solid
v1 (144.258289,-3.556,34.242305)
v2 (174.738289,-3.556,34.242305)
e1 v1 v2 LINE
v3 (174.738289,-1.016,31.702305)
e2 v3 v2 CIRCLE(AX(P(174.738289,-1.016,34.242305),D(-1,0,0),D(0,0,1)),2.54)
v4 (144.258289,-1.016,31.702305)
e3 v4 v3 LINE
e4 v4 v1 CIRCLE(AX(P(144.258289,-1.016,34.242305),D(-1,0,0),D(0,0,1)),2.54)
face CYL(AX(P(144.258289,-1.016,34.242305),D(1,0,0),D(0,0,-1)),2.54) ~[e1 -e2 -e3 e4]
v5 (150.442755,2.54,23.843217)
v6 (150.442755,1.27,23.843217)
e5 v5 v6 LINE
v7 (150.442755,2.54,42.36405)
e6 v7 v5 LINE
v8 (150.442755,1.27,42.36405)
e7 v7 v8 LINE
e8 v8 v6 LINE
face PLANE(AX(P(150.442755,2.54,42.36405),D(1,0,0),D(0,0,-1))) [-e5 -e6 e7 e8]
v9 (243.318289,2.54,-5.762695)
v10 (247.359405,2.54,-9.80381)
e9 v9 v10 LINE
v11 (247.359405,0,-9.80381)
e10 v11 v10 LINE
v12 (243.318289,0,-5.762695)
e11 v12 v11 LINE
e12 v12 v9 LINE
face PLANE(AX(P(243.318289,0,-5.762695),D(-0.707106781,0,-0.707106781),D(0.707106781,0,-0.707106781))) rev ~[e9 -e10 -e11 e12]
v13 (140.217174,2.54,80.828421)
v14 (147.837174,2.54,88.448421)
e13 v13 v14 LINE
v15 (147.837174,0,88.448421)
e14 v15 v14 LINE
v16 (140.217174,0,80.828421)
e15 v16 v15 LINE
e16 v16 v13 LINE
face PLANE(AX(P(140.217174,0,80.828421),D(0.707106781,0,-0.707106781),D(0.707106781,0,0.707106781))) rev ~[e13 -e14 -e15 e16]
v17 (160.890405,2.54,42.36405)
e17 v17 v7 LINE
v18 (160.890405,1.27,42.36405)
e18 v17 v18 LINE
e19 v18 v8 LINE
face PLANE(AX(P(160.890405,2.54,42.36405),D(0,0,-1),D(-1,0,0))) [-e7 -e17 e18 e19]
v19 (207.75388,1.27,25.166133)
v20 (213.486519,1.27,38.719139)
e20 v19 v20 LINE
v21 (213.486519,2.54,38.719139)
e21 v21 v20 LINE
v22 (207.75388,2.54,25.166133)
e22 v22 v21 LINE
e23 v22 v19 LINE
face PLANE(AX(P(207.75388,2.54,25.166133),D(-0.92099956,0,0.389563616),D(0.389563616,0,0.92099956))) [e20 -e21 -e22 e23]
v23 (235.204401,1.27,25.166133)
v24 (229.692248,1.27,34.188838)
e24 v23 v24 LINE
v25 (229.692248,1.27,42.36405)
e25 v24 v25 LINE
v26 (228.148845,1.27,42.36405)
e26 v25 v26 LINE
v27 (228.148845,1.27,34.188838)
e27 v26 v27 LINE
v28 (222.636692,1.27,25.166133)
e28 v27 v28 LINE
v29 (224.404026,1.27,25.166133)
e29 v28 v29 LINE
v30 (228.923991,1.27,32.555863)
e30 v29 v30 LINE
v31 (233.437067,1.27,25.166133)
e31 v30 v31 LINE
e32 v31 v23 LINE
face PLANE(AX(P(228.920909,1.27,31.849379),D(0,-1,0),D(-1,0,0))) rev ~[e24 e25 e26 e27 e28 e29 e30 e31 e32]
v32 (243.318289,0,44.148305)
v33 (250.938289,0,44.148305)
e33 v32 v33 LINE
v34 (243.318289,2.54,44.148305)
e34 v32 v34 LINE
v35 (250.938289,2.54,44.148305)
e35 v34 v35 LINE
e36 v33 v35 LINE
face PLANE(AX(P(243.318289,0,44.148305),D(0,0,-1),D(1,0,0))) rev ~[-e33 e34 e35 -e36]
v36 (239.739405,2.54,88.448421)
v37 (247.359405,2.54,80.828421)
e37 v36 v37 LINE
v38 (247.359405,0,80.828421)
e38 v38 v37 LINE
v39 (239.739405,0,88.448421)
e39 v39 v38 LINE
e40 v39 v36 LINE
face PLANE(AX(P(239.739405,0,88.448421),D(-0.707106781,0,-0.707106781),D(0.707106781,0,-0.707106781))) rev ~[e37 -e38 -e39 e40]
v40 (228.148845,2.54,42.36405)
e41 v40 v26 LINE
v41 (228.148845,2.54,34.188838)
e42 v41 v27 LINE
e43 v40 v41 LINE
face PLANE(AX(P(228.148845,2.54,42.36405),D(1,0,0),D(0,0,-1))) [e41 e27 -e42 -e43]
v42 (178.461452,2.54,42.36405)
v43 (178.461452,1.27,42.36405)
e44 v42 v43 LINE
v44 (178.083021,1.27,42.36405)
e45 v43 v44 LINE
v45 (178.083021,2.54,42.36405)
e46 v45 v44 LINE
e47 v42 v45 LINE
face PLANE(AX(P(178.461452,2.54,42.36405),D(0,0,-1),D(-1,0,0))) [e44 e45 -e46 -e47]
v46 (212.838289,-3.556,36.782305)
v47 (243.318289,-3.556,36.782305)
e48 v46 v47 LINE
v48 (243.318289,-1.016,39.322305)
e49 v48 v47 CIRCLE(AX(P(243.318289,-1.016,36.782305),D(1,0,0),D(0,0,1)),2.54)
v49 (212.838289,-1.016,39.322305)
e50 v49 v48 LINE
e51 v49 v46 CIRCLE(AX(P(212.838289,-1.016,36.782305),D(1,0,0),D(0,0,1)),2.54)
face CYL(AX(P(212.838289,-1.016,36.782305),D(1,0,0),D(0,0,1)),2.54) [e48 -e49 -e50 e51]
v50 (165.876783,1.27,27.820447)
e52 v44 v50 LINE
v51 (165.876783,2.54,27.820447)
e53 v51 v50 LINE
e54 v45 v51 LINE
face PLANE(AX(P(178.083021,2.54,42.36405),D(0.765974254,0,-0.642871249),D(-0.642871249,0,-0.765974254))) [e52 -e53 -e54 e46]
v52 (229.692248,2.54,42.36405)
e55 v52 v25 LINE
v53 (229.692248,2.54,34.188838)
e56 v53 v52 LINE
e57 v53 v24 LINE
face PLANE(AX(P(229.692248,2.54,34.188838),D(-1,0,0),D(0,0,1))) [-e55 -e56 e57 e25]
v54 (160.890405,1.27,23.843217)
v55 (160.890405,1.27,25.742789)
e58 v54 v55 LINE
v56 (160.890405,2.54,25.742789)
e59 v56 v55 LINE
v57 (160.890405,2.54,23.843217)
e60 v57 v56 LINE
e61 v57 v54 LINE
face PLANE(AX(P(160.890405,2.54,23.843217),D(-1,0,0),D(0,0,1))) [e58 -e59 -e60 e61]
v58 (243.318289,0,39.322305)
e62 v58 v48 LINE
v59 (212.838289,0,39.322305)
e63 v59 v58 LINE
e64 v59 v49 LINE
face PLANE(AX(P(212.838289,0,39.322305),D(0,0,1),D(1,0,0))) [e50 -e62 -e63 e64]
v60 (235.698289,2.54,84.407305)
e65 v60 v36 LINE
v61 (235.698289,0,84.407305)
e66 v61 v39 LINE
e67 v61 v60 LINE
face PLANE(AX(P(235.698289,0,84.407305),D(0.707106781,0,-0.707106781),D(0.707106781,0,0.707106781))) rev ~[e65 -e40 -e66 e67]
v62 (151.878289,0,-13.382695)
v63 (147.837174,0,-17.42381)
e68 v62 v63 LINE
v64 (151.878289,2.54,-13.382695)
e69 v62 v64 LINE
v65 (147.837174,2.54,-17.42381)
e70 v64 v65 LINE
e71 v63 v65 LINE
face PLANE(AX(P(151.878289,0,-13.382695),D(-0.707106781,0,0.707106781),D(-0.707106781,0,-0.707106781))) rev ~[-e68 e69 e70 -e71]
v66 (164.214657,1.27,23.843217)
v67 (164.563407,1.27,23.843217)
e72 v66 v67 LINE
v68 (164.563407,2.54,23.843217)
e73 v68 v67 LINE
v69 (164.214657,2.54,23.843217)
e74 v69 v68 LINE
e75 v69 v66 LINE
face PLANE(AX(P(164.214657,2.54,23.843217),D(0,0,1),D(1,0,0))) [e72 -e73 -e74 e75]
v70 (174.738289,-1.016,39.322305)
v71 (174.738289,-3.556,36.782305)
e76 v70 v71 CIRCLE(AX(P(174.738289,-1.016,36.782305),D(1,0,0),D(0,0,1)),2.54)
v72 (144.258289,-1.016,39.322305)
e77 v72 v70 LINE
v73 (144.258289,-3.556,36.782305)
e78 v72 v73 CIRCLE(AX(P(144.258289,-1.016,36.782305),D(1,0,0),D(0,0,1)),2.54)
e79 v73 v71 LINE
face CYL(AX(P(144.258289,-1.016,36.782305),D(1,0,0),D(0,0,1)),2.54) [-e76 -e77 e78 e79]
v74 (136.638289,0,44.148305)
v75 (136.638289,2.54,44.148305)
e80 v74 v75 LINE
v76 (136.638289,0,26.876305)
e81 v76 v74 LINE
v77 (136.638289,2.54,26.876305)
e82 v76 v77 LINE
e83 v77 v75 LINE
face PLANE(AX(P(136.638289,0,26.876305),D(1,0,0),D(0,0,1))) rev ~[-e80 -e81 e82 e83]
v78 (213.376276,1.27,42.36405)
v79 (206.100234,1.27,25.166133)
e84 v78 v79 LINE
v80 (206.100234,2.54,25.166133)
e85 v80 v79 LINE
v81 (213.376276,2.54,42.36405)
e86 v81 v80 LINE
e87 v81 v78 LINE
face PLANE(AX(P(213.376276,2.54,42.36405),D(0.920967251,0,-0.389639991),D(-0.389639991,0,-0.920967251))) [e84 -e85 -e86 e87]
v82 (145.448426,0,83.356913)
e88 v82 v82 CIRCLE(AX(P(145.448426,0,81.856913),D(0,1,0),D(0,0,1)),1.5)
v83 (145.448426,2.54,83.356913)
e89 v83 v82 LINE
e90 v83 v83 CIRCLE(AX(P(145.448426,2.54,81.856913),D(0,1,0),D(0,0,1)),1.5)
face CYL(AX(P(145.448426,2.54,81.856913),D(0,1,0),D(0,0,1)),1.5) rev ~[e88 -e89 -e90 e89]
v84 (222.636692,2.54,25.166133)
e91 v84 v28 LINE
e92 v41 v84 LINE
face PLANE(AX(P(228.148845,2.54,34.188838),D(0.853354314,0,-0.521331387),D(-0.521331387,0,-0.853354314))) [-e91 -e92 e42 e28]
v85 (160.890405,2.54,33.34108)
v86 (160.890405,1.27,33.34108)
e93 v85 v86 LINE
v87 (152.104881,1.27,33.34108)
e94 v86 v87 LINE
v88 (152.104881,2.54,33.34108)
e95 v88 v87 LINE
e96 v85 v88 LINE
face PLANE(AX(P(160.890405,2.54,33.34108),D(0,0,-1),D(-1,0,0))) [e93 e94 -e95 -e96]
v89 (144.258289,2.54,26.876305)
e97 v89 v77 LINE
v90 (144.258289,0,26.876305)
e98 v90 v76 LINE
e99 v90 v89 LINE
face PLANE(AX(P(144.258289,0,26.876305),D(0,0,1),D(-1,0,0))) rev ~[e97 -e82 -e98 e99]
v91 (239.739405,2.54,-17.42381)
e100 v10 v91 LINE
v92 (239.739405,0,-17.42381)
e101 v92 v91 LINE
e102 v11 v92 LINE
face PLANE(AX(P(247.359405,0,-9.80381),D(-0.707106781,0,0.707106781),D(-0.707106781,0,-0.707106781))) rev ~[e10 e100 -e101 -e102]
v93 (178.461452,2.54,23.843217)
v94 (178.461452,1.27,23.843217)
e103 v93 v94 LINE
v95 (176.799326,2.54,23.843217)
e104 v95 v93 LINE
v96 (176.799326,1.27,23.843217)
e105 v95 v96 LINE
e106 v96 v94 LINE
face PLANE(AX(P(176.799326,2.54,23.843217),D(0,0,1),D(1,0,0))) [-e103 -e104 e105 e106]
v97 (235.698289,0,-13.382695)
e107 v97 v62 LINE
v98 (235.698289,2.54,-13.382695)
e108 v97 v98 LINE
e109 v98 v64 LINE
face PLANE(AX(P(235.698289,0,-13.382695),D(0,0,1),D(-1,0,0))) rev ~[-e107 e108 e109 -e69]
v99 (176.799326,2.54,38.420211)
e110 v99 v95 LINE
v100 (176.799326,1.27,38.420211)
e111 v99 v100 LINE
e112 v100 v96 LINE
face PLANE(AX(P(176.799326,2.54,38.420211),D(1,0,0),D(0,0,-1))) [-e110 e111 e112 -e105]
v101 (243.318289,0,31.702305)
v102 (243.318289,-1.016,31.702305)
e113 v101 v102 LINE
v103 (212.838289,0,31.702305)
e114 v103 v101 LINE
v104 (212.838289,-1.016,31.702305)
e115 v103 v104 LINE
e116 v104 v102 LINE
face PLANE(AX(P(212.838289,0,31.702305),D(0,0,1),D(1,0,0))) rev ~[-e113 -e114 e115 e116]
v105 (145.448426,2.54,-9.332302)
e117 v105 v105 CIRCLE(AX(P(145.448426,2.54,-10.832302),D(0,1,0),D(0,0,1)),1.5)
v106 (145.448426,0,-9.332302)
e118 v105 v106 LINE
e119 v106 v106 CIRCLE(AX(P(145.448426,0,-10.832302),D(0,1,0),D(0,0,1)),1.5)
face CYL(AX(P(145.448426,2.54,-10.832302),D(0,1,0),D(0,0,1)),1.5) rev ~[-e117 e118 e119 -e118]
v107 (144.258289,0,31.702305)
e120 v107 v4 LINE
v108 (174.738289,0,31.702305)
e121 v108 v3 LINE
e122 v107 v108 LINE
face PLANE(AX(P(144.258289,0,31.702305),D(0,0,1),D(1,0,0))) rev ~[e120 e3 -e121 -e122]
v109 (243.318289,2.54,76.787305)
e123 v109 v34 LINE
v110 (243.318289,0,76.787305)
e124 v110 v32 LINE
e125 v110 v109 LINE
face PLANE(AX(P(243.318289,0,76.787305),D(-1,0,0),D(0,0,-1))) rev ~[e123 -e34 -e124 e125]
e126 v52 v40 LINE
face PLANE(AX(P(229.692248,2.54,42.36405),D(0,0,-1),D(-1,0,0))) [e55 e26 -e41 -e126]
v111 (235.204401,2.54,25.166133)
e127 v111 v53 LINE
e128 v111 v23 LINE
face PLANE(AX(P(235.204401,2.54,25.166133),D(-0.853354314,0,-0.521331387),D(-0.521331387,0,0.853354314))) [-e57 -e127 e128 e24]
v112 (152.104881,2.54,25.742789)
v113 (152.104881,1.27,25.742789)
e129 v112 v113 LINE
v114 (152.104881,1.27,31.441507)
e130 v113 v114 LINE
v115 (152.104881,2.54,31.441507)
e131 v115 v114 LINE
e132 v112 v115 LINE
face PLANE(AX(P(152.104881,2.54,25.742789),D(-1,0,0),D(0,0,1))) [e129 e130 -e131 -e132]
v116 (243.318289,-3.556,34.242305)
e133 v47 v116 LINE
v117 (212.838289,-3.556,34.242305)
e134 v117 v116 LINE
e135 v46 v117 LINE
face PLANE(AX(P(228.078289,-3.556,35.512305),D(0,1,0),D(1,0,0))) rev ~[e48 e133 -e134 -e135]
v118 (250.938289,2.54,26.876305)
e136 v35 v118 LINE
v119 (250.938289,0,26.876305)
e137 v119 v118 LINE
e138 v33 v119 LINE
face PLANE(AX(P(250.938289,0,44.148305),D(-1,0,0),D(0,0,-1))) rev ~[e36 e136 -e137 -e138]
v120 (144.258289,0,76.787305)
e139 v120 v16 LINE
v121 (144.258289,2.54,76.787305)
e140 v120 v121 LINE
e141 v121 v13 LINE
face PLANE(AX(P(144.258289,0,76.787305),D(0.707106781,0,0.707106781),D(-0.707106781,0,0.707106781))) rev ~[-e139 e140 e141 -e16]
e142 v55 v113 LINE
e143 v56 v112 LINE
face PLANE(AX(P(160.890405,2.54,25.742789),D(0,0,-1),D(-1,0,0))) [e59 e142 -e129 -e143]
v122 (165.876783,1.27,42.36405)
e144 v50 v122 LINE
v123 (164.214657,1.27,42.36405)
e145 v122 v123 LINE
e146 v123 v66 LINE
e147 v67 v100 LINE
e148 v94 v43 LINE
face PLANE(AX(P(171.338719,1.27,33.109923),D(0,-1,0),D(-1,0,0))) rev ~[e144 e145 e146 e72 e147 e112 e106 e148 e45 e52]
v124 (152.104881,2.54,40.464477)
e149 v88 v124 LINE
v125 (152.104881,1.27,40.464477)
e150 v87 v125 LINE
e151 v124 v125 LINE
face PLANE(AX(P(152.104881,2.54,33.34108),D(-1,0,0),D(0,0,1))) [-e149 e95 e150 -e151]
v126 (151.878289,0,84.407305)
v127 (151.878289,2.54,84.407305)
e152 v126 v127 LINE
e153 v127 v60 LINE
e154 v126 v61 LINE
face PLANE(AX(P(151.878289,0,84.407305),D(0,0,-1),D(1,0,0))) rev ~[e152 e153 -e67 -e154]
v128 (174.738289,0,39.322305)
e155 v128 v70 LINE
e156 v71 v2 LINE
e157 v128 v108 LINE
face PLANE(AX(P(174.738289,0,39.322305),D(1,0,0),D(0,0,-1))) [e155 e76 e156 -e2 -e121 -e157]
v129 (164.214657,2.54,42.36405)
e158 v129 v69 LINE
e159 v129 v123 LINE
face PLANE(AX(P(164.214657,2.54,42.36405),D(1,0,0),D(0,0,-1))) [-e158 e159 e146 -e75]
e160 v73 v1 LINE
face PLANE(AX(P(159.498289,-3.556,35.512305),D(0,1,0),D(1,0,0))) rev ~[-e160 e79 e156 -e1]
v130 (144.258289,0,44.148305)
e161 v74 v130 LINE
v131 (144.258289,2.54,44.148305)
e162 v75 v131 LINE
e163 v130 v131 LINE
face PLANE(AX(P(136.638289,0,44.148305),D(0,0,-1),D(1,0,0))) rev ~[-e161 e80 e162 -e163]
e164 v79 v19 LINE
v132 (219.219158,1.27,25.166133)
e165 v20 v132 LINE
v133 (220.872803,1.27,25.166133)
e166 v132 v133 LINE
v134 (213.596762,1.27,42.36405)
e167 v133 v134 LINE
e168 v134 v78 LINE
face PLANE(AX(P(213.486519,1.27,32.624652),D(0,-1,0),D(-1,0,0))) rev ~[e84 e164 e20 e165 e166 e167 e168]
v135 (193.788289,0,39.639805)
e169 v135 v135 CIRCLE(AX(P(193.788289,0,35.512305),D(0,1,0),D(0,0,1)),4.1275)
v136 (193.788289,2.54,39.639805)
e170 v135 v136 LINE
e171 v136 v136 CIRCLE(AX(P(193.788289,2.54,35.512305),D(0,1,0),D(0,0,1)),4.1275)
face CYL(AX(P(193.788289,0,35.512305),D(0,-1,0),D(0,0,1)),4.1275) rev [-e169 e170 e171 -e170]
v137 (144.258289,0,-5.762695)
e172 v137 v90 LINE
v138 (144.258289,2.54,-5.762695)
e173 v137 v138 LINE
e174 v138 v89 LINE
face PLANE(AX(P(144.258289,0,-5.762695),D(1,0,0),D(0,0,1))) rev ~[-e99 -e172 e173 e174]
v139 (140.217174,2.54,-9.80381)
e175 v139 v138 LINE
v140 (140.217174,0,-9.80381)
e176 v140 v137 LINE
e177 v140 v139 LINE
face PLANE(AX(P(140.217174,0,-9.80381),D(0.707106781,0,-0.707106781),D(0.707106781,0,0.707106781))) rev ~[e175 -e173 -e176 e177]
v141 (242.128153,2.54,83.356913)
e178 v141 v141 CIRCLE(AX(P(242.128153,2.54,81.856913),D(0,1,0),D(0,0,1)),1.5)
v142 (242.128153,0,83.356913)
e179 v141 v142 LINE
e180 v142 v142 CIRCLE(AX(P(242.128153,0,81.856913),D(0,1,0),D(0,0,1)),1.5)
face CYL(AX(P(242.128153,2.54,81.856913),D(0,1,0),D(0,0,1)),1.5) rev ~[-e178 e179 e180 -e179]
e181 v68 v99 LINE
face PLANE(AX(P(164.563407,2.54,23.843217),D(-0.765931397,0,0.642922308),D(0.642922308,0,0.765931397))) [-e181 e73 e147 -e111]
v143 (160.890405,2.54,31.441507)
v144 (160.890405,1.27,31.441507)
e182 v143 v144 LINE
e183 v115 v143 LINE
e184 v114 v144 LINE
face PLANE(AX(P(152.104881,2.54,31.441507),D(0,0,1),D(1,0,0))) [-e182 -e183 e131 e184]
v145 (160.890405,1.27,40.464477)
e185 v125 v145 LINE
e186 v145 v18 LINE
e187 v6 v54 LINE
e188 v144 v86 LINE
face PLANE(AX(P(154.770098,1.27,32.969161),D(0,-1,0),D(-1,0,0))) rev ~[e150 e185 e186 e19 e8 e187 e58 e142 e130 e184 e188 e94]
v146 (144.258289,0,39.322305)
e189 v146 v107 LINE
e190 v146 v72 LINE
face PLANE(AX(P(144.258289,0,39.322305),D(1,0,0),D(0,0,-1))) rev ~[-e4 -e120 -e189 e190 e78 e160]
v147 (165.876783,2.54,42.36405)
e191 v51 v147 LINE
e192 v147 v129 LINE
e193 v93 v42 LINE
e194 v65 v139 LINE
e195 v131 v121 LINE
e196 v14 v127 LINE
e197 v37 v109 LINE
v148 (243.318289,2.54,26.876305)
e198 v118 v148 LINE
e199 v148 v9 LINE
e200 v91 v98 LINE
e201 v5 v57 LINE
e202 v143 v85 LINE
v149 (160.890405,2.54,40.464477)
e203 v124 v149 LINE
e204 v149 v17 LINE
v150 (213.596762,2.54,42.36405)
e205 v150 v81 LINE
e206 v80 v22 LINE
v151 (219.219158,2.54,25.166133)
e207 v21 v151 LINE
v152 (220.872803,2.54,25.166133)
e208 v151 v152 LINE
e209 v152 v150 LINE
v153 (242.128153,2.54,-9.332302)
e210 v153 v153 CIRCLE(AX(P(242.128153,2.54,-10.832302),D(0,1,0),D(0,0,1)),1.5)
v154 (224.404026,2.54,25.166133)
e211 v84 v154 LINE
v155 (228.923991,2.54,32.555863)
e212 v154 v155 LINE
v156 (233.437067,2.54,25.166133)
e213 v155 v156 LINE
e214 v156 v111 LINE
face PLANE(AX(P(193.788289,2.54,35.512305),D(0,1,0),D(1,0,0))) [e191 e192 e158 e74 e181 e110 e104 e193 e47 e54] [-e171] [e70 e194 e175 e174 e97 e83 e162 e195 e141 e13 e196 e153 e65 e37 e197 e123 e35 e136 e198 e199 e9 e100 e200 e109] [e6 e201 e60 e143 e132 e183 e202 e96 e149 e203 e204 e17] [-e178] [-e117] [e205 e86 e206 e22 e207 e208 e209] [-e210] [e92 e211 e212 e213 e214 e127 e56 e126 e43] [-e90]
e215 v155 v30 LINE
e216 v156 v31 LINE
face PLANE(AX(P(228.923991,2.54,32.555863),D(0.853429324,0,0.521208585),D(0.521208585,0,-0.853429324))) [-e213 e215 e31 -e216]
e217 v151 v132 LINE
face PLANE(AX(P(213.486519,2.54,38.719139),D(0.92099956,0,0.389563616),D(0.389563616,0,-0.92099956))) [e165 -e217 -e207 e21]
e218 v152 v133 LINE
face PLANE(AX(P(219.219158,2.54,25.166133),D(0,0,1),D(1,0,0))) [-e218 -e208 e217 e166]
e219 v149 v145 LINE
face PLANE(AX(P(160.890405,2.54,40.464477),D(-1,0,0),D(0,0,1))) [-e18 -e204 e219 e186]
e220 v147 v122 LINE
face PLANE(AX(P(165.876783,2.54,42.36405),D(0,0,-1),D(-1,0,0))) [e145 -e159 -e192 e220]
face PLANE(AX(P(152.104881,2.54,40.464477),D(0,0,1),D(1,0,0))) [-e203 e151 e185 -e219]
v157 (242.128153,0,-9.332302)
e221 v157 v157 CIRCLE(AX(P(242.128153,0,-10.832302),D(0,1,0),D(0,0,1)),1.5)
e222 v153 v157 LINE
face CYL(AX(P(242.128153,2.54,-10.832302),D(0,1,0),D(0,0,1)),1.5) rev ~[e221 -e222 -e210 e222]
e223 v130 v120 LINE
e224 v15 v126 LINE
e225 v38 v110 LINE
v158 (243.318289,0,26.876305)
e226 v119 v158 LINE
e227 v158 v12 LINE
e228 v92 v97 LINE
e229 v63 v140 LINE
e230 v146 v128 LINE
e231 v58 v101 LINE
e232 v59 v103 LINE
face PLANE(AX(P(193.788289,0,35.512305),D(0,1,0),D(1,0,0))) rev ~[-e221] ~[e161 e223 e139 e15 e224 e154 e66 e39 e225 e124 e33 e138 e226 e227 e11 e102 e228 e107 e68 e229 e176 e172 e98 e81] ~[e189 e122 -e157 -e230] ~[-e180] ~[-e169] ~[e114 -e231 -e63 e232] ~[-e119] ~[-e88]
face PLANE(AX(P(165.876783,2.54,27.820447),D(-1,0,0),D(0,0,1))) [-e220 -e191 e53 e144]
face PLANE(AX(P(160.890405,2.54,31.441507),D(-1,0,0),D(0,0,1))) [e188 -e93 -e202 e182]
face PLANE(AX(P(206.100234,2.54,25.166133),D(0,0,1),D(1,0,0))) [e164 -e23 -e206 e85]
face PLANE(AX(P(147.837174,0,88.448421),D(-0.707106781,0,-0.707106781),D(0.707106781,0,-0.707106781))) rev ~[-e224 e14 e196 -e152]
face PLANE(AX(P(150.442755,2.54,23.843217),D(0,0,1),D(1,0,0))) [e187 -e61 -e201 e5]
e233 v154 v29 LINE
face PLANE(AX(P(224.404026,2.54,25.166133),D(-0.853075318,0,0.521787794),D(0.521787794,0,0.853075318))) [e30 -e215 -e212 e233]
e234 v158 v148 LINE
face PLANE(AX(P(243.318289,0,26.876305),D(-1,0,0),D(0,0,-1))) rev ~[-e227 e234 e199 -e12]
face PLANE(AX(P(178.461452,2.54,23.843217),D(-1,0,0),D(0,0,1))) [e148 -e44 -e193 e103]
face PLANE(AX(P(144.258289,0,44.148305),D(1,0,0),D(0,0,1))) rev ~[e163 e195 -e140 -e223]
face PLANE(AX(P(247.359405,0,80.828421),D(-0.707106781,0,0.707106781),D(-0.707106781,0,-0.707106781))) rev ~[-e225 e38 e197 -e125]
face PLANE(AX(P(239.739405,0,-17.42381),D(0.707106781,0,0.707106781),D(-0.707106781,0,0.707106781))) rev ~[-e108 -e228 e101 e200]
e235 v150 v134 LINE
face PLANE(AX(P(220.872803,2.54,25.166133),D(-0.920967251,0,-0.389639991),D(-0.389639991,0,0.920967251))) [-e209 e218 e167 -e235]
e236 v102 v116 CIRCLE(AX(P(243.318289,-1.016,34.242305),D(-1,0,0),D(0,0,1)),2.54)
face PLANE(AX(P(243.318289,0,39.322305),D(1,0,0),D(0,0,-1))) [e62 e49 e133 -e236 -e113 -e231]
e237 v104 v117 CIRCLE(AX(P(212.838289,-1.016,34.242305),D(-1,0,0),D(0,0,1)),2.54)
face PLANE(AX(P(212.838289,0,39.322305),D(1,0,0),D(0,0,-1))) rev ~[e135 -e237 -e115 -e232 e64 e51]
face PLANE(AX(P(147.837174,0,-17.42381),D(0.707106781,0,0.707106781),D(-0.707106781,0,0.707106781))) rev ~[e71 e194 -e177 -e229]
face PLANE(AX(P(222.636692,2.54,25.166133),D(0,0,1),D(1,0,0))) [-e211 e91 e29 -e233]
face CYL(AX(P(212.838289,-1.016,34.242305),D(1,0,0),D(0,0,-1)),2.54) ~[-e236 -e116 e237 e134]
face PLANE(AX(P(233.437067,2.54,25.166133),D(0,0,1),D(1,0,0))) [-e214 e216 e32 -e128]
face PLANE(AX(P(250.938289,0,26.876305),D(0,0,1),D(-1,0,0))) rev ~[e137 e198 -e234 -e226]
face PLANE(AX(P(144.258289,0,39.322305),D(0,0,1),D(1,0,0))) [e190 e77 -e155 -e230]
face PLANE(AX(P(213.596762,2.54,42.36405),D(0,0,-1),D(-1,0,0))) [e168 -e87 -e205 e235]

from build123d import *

# Parameters (mm, degrees)
SKETCH1_R           = 4.1275
BOSS_EXTRUDE1_DEPTH = 2.54
SKETCH2_R           = 1.5
CUT_EXTRUDE1_DEPTH  = 267.081941915
CUT_EXTRUDE2_DEPTH  = 1.27
SKETCH1_5_W         = 30.48
SKETCH1_5_H         = 7.62
BOSS_EXTRUDE2_DEPTH = 3.556
FILLET1_R           = 2.54


with BuildPart() as part:
    # Sketch1 → Boss-Extrude1 (new body)
    with BuildSketch(Plane(origin=(0, 0, 0), x_dir=(1, 0, 0), z_dir=(0, 1, 0))):
        Polygon((239.739404703, 17.423809937), (235.698289449, 13.382694682), (151.878289449, 13.382694682), (147.837174194, 17.423809937), (140.217174194, 9.803809937), (144.258289449, 5.762694682), (144.258289449, -26.876305318), (136.638289449, -26.876305318), (136.638289449, -44.148305318), (144.258289449, -44.148305318), (144.258289449, -76.787305318), (140.217174194, -80.828420572), (147.837174194, -88.448420572), (151.878289449, -84.407305318), (235.698289449, -84.407305318), (239.739404703, -88.448420572), (247.359404703, -80.828420572), (243.318289449, -76.787305318), (243.318289449, -44.148305318), (250.938289449, -44.148305318), (250.938289449, -26.876305318), (243.318289449, -26.876305318), (243.318289449, 5.762694682), (247.359404703, 9.803809937), align=None)
        with Locations((193.788289449, -35.512305318)):
            Circle(SKETCH1_R, mode=Mode.SUBTRACT)
    extrude(amount=BOSS_EXTRUDE1_DEPTH)

    # Sketch2 → Cut-Extrude1 (cut, through all)
    with BuildSketch(Plane(origin=(0, 2.54, 0), x_dir=(1, 0, 0), z_dir=(0, 1, 0))):
        with Locations((145.448426066, 10.832301944)):
            Circle(SKETCH2_R)
        with Locations((242.128152831, 10.832301944)):
            Circle(SKETCH2_R)
        with Locations((242.128152831, -81.856912579)):
            Circle(SKETCH2_R)
        with Locations((145.448426066, -81.856912579)):
            Circle(SKETCH2_R)
    extrude(amount=-CUT_EXTRUDE1_DEPTH, mode=Mode.SUBTRACT)

    # Sketch3 → Cut-Extrude2 (cut)
    with BuildSketch(Plane(origin=(0, 2.54, 0), x_dir=(1, 0, 0), z_dir=(0, 1, 0))):
        Polygon((150.442755261, -23.843216639), (160.890404833, -23.843216639), (160.890404833, -25.742789289), (152.104881329, -25.742789289), (152.104881329, -31.441507237), (160.890404833, -31.441507237), (160.890404833, -33.341079887), (152.104881329, -33.341079887), (152.104881329, -40.464477323), (160.890404833, -40.464477323), (160.890404833, -42.364049972), (150.442755261, -42.364049972), align=None)
        Polygon((164.21465697, -42.364049972), (164.21465697, -23.843216639), (164.563406636, -23.843216639), (176.799325773, -38.420210663), (176.799325773, -23.843216639), (178.461451842, -23.843216639), (178.461451842, -42.364049972), (178.083021353, -42.364049972), (165.876783038, -27.820446874), (165.876783038, -42.364049972), align=None)
        Polygon((206.100233893, -25.166133306), (207.753879726, -25.166133306), (213.486518615, -38.719138948), (219.219157504, -25.166133306), (220.872803338, -25.166133306), (213.596761671, -42.364049972), (213.37627556, -42.364049972), align=None)
        Polygon((222.636692226, -25.166133306), (224.404026211, -25.166133306), (228.923991489, -32.555863124), (233.437066575, -25.166133306), (235.20440056, -25.166133306), (229.692247782, -34.188838384), (229.692247782, -42.364049972), (228.148845004, -42.364049972), (228.148845004, -34.188838384), align=None)
    extrude(amount=-CUT_EXTRUDE2_DEPTH, mode=Mode.SUBTRACT)

    # Sketch1<5> → Boss-Extrude2 (add)
    with BuildSketch(Plane(origin=(0, 0, 0), x_dir=(1, 0, 0), z_dir=(0, 1, 0))):
        with Locations((228.078289449, -35.512305318)):
            Rectangle(SKETCH1_5_W, SKETCH1_5_H)
        with Locations((159.498289449, -35.512305318)):
            Rectangle(SKETCH1_5_W, SKETCH1_5_H)
    extrude(amount=-BOSS_EXTRUDE2_DEPTH)

    # Fillet1
    fillet1_edges = [part.edges().sort_by_distance(p)[0] for p in [
        (228.078289449, -3.556, 39.322305318),
        (228.078289449, -3.556, 31.702305318),
        (159.498289449, -3.556, 31.702305318),
        (159.498289449, -3.556, 39.322305318),
    ]]
    fillet(fillet1_edges, radius=FILLET1_R)


solid = part.part
